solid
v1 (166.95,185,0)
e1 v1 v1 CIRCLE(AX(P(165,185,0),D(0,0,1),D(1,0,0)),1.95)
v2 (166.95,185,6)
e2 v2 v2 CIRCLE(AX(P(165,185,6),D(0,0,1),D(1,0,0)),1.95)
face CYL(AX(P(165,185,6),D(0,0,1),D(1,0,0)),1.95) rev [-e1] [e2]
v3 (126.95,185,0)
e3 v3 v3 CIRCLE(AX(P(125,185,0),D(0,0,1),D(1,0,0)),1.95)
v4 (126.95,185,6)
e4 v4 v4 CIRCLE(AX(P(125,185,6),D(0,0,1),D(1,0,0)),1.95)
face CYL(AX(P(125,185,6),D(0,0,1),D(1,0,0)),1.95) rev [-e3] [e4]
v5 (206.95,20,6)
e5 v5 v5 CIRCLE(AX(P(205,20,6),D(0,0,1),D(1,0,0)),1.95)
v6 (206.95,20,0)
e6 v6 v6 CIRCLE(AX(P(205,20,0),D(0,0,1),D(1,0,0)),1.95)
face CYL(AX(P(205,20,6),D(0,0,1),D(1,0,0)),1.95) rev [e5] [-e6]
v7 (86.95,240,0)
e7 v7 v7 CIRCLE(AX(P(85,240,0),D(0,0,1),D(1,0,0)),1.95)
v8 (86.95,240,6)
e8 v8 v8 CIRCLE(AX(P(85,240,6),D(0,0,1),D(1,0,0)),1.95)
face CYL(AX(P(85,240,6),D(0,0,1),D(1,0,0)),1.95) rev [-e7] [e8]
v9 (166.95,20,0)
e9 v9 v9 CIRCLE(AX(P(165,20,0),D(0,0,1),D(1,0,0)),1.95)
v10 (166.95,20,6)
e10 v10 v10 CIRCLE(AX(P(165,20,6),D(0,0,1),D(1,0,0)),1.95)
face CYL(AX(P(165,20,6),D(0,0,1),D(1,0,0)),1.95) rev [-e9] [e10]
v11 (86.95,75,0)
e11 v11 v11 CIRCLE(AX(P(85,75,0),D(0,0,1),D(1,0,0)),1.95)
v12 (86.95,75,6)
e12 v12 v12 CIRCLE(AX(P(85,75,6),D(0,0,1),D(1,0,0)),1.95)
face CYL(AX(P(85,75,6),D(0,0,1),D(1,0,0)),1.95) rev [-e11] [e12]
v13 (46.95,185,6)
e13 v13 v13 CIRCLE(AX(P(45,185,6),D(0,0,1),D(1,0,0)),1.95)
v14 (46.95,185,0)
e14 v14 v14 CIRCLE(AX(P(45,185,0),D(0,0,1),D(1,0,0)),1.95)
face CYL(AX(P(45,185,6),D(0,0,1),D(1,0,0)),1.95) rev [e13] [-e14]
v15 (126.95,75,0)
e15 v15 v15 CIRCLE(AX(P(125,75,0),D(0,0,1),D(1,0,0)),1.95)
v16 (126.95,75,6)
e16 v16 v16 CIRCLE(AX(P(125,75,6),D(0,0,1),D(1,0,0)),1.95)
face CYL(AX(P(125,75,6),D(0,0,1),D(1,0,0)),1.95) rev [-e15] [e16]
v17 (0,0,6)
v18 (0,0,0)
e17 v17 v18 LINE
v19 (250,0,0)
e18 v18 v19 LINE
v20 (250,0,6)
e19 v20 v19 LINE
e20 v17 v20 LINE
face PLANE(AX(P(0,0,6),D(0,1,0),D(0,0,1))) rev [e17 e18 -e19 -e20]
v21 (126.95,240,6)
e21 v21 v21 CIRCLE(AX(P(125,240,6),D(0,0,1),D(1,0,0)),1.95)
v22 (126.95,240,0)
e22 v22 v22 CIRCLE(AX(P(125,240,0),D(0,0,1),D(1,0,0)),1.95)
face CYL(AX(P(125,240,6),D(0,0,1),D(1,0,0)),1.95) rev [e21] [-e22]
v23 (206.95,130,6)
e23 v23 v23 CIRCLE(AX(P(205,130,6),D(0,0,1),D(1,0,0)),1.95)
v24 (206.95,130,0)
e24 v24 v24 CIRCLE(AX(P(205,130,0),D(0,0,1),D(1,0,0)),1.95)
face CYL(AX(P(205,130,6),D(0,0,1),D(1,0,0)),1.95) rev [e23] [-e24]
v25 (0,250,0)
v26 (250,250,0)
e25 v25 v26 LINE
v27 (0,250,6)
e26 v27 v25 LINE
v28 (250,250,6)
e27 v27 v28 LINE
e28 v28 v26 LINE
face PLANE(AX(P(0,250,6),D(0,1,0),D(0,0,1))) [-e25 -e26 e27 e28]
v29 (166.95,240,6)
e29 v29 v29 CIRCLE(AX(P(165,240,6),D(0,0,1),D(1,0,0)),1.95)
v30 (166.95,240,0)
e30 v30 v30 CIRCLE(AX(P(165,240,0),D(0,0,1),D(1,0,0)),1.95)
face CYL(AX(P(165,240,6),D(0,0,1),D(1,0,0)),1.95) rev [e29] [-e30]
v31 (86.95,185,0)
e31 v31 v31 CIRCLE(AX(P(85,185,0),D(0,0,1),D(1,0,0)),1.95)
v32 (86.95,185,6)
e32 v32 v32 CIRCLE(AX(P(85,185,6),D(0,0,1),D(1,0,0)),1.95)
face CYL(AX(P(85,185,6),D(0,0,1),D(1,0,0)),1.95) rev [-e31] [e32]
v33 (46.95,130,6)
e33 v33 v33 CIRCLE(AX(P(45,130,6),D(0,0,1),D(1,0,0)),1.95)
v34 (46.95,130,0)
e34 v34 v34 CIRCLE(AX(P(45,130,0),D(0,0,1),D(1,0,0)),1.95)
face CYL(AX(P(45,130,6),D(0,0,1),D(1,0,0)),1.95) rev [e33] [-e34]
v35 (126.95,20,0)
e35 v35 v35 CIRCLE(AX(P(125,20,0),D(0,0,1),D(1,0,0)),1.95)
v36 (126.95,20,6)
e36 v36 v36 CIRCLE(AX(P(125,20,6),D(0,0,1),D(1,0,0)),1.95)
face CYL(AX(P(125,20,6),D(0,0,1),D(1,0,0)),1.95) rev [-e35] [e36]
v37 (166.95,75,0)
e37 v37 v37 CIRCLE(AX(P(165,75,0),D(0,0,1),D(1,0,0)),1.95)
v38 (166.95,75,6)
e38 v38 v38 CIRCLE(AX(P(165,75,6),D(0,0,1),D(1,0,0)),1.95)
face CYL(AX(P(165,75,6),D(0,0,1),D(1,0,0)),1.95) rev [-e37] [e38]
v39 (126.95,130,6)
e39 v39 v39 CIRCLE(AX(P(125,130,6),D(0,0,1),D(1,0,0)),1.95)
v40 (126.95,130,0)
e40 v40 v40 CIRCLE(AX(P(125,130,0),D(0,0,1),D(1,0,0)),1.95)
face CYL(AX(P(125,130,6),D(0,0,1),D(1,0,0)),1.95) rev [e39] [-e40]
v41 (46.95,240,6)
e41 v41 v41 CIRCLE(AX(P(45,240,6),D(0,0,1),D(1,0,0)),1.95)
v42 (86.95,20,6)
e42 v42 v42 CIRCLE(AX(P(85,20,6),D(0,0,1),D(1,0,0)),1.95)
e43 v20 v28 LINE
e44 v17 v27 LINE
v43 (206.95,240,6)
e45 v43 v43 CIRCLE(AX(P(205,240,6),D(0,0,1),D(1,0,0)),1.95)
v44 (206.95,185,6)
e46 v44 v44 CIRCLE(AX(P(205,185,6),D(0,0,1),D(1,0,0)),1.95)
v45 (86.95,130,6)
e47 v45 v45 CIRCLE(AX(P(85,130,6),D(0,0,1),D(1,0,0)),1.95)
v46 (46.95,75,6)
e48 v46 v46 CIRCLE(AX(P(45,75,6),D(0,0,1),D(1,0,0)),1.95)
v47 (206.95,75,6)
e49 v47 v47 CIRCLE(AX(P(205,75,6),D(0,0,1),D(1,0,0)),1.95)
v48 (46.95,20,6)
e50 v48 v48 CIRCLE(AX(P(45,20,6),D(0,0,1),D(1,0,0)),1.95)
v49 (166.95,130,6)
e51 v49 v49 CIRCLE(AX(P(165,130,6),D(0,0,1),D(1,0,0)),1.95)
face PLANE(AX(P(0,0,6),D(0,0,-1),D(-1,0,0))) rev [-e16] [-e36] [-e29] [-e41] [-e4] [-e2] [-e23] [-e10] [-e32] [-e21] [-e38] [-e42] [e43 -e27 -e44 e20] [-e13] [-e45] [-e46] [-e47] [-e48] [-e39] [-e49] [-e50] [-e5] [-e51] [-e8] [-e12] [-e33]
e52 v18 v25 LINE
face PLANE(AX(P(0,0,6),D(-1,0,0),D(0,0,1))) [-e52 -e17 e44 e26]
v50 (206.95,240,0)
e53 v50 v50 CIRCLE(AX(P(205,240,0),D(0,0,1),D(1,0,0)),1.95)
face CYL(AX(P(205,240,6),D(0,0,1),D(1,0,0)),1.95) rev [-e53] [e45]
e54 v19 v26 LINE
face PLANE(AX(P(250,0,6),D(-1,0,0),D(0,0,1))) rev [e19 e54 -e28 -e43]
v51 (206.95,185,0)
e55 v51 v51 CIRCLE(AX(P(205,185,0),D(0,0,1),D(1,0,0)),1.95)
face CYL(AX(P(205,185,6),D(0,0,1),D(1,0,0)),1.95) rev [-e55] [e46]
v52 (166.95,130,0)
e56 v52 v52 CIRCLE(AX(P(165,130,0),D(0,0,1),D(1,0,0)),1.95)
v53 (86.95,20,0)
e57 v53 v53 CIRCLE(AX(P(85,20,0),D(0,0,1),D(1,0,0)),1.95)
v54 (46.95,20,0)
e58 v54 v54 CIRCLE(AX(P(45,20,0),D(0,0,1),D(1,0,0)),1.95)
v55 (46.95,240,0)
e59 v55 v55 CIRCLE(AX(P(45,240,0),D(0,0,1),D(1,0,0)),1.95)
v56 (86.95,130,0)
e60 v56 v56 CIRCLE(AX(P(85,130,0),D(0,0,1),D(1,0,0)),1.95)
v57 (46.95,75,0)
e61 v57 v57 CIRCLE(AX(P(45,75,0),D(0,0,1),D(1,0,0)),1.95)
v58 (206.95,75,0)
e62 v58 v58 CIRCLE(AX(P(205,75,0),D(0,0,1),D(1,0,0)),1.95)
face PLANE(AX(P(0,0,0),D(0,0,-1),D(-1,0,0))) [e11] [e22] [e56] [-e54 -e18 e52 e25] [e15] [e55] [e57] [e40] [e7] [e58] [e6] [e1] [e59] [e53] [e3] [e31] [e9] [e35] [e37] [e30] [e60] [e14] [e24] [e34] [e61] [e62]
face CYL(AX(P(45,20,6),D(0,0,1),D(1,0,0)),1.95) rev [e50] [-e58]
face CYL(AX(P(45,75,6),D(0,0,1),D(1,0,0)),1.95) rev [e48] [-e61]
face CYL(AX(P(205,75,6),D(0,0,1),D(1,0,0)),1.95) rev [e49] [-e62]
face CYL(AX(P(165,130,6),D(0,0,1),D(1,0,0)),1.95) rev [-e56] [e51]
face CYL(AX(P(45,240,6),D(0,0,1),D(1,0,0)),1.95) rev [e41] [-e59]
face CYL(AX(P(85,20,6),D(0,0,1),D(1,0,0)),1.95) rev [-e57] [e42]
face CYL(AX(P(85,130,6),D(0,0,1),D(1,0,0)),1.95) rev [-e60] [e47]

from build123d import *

# Parameters (mm, degrees)
ESQUISSE1_W                       = 250
ESQUISSE1_H                       = 250
BOSS_EXTRU_1_DEPTH                = 6
DIAM_TRE_DU_PER_AGE_0_15_0_15_1_D = 3.9
R_P_TITION_LIN_AIRE1_COUNT        = 4
R_P_TITION_LIN_AIRE1_PITCH        = 40
R_P_TITION_LIN_AIRE1_COUNT_DIR2   = 5
R_P_TITION_LIN_AIRE1_PITCH_DIR2   = 55
R_P_TITION_LIN_AIRE2_COUNT        = 2
R_P_TITION_LIN_AIRE2_PITCH        = 40
R_P_TITION_LIN_AIRE2_COUNT_DIR2   = 5
R_P_TITION_LIN_AIRE2_PITCH_DIR2   = 55


with BuildPart() as part:
    # Esquisse1 → Boss.-Extru.1 (new body)
    with BuildSketch(Plane.XY):
        with Locations((125, 125)):
            Rectangle(ESQUISSE1_W, ESQUISSE1_H)
    extrude(amount=BOSS_EXTRU_1_DEPTH)

    # Diamètre du perçage Ø0.15 (0.15)1 (through all)
    with Locations(Plane.XY.offset(6)):
        with Locations((85, 20)):
            diam_tre_du_per_age_0_15_0_15_1 = Hole(DIAM_TRE_DU_PER_AGE_0_15_0_15_1_D / 2)

    # Répétition linéaire1: Diam_tre du per_age _0.15 _0.15_1 4 × 5
    with Locations(*[(i * R_P_TITION_LIN_AIRE1_PITCH, j * R_P_TITION_LIN_AIRE1_PITCH_DIR2, 0) for i in range(R_P_TITION_LIN_AIRE1_COUNT) for j in range(R_P_TITION_LIN_AIRE1_COUNT_DIR2) if (i, j) != (0, 0)]):
        add(diam_tre_du_per_age_0_15_0_15_1, mode=Mode.SUBTRACT)

    # Répétition linéaire2: Diam_tre du per_age _0.15 _0.15_1 2 × 5
    with Locations(*[(-i * R_P_TITION_LIN_AIRE2_PITCH, j * R_P_TITION_LIN_AIRE2_PITCH_DIR2, 0) for i in range(R_P_TITION_LIN_AIRE2_COUNT) for j in range(R_P_TITION_LIN_AIRE2_COUNT_DIR2) if (i, j) != (0, 0)]):
        add(diam_tre_du_per_age_0_15_0_15_1, mode=Mode.SUBTRACT)


solid = part.part
